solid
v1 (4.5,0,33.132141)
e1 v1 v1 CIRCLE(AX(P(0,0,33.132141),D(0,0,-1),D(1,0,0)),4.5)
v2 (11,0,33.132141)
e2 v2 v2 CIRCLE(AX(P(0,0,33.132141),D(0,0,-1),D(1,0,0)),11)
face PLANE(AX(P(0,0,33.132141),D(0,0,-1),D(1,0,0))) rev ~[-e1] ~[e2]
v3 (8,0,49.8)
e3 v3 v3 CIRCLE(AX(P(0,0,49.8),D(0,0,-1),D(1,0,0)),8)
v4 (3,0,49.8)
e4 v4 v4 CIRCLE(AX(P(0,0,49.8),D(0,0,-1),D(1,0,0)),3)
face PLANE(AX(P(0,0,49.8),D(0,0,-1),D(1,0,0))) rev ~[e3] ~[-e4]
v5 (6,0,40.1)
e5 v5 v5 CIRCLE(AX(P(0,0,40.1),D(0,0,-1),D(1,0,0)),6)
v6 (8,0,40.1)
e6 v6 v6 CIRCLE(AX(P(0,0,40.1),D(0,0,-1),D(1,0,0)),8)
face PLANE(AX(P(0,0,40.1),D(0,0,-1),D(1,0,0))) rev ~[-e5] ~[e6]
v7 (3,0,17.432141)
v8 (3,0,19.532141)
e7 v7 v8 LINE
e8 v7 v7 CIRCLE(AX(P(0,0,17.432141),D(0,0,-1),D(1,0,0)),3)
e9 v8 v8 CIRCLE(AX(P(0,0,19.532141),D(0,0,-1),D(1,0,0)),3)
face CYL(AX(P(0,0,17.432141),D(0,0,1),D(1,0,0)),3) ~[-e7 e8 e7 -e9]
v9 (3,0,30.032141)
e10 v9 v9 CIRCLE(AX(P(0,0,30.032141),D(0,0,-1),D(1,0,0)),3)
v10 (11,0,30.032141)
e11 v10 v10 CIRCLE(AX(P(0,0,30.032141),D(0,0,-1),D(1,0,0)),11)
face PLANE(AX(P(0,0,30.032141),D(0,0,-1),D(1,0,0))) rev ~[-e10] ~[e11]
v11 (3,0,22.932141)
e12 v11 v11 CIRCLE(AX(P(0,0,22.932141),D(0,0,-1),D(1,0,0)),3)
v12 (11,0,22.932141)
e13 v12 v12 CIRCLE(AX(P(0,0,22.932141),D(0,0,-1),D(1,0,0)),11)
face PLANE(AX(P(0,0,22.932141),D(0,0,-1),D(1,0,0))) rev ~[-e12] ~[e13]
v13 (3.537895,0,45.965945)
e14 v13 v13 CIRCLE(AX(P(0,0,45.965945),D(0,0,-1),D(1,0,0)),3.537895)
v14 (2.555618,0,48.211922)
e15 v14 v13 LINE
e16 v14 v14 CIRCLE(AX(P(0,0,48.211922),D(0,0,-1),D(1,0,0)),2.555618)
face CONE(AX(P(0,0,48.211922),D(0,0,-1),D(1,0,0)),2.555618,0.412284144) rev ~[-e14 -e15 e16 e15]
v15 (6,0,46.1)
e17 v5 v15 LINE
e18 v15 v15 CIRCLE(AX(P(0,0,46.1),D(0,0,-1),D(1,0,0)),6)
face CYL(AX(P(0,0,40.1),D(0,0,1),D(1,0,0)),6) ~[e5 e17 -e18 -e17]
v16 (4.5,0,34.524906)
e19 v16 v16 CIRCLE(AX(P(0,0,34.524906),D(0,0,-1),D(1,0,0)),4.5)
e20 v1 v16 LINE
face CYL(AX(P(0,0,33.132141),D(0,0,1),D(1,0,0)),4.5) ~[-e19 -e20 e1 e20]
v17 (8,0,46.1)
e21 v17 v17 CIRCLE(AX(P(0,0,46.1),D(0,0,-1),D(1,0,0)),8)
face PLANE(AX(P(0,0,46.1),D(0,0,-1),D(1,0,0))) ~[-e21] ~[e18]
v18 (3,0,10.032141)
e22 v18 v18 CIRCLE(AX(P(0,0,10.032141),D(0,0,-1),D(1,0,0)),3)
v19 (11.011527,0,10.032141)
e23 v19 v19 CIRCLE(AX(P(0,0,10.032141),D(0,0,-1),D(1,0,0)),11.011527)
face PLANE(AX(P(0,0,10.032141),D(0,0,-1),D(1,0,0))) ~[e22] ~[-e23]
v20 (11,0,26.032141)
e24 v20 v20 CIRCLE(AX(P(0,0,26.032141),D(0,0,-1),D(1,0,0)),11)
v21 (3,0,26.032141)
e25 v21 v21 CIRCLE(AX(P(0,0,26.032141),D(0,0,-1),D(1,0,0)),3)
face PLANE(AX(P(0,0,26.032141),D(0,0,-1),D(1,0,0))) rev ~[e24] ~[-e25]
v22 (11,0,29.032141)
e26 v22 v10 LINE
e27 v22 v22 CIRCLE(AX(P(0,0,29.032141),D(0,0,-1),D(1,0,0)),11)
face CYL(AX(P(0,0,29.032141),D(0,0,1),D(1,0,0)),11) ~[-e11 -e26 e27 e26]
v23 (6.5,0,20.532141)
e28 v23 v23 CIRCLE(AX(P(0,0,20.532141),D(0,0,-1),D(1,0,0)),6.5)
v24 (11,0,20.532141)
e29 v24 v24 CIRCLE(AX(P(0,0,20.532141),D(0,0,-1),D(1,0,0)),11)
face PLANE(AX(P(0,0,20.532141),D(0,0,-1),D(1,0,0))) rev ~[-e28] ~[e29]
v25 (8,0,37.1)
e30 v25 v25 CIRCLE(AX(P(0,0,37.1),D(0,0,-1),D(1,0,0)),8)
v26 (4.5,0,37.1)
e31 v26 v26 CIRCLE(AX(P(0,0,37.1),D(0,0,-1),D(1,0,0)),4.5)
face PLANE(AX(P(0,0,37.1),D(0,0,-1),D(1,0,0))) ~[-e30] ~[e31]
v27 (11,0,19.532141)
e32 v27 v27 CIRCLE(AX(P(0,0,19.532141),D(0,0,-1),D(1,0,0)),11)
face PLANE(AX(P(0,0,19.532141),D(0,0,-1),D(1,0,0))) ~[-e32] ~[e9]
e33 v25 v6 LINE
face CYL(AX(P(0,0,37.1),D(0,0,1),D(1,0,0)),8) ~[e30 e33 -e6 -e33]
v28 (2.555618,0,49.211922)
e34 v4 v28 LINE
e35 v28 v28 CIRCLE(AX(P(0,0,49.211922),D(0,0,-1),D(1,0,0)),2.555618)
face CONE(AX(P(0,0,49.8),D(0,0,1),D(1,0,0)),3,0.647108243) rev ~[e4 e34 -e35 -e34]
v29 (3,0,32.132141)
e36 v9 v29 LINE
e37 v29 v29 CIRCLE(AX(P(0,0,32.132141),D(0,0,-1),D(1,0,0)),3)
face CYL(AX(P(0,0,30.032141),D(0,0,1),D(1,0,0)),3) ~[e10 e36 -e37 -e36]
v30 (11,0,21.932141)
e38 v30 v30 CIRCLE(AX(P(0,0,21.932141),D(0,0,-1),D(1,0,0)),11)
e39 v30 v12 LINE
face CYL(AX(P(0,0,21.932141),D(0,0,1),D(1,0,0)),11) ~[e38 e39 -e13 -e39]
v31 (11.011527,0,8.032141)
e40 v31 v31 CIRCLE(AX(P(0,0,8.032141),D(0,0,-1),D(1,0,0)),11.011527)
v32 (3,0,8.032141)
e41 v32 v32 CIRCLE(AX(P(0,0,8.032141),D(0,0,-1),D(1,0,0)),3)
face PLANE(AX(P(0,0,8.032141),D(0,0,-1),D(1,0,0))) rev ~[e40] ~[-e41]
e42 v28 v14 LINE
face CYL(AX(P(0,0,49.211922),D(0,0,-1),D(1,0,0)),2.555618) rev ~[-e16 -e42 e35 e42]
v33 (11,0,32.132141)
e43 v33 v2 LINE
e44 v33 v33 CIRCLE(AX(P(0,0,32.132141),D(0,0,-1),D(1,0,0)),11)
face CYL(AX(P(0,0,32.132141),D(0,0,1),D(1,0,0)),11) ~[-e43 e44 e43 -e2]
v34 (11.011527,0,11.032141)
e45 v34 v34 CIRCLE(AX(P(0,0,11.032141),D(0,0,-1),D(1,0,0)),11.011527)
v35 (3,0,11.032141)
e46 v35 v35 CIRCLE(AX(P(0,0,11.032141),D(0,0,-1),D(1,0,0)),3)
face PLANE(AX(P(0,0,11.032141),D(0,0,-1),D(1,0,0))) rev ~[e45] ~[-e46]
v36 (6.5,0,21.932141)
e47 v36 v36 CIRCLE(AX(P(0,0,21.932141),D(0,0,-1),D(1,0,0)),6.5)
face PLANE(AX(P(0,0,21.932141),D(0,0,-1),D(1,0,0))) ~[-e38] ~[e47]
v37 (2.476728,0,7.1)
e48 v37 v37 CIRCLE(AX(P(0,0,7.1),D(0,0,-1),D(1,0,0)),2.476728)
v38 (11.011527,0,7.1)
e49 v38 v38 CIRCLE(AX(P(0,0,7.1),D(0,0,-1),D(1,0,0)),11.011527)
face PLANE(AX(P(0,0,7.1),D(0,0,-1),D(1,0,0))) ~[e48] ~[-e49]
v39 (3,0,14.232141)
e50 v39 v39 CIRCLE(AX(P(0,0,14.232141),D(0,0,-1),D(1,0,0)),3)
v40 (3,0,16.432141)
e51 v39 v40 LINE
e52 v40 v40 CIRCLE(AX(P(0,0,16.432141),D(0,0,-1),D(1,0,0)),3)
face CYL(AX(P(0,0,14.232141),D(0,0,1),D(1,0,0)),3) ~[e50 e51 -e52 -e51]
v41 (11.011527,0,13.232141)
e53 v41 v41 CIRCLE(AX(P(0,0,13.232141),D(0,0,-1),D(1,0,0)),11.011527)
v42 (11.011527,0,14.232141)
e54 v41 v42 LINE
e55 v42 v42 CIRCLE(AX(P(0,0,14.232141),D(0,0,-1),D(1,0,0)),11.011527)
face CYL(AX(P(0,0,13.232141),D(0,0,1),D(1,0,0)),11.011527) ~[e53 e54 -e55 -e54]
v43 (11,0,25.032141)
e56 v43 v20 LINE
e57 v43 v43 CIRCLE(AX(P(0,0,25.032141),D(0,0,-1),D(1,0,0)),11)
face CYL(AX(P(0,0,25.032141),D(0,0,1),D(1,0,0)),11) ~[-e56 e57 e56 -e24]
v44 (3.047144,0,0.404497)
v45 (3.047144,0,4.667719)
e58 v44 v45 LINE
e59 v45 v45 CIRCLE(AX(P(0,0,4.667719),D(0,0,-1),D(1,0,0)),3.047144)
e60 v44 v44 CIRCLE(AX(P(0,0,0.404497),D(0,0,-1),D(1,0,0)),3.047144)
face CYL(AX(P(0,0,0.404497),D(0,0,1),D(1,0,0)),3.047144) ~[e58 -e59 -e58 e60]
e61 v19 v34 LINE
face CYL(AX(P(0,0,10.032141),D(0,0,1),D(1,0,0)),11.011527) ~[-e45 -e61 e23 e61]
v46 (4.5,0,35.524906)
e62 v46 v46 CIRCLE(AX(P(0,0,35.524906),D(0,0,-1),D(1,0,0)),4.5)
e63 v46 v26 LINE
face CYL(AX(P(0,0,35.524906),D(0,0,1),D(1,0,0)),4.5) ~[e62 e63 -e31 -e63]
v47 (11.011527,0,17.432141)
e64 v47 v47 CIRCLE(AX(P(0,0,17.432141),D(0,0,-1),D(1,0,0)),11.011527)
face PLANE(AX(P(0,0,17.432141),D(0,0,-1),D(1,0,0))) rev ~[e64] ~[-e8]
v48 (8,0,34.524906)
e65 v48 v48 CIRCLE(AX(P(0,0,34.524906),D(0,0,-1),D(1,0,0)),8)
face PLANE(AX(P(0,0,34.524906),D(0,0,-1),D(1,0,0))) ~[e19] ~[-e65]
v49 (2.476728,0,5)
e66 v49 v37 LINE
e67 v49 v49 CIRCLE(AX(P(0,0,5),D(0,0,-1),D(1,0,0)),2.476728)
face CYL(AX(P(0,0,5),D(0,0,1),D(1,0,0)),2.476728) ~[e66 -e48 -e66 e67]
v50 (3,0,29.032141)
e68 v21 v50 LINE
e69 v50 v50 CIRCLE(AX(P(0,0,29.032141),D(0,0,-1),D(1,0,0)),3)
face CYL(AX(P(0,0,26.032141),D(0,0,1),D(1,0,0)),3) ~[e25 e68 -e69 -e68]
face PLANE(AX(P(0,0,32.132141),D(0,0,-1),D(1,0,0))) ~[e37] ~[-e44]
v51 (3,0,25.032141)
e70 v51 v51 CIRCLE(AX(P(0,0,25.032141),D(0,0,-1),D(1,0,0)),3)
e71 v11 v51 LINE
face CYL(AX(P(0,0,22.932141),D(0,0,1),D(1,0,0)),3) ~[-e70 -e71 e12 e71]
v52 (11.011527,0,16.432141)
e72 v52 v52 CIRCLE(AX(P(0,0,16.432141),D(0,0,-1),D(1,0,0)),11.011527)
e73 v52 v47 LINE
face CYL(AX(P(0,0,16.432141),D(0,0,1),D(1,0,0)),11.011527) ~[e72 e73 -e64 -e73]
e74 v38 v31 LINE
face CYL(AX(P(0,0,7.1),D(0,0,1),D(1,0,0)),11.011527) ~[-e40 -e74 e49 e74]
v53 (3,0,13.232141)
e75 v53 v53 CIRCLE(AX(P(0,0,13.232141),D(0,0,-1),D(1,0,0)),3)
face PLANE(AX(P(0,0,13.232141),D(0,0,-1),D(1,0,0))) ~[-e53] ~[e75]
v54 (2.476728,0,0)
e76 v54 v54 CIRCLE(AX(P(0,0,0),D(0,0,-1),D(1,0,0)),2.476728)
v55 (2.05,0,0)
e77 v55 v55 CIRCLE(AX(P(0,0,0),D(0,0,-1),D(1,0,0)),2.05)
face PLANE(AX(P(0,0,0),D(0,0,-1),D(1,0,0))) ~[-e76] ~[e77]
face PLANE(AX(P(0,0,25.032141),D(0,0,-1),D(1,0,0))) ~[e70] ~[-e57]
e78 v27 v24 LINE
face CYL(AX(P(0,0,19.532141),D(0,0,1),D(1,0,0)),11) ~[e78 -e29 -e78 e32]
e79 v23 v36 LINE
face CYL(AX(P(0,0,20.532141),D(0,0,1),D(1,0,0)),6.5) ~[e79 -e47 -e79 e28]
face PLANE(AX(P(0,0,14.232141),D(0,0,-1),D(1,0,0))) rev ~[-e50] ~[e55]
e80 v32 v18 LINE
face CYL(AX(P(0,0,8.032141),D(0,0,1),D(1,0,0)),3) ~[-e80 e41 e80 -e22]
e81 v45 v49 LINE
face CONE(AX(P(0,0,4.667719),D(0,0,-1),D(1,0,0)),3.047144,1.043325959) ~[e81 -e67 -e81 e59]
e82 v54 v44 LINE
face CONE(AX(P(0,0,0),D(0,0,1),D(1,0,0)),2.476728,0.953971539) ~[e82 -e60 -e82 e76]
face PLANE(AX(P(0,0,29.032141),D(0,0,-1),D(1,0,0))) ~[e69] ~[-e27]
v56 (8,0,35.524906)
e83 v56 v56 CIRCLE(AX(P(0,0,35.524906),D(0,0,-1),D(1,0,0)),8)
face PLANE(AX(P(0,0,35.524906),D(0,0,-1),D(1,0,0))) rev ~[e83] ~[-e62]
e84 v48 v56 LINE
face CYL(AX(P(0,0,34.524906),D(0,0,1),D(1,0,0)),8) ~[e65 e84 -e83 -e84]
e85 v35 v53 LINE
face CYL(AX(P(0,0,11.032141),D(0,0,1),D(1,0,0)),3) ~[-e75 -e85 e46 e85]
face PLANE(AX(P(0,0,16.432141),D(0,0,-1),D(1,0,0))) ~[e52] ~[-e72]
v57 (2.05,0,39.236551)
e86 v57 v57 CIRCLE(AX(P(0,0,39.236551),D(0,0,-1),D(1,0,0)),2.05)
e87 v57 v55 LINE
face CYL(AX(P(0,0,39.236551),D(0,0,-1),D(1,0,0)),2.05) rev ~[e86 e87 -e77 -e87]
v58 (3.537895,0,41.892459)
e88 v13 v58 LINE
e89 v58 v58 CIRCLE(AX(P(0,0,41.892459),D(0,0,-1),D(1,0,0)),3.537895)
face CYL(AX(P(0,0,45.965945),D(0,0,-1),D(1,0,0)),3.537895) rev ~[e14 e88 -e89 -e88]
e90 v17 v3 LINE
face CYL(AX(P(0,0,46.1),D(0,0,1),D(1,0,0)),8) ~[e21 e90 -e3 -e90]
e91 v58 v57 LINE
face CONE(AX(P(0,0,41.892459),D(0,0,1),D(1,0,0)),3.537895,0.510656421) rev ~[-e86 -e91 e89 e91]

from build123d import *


with BuildPart() as f1:
    # F0 (on Front) → F1 (revolve)
    with BuildSketch(Plane.XZ):
        Polygon((8, 49.8), (3, 49.8), (2.555618, 49.211922), (2.555618, 48.211922), (3.537895, 45.965945), (3.537895, 41.892459), (2.05, 39.236551), (2.05, 7.1), (2.05, 0), (2.476728, 0), (3.047144, 0.404497), (3.047144, 4.667719), (2.476728, 5), (2.476728, 7.1), (11.011527, 7.1), (11.011527, 8.032141), (3, 8.032141), (3, 10.032141), (11.011527, 10.032141), (11.011527, 11.032141), (3, 11.032141), (3, 13.232141), (11.011527, 13.232141), (11.011527, 14.232141), (3, 14.232141), (3, 16.432141), (11.011527, 16.432141), (11.011527, 17.432141), (3, 17.432141), (3, 19.532141), (11, 19.532141), (11, 20.532141), (6.5, 20.532141), (6.5, 21.932141), (11, 21.932141), (11, 22.932141), (3, 22.932141), (3, 25.032141), (11, 25.032141), (11, 26.032141), (3, 26.032141), (3, 29.032141), (11, 29.032141), (11, 30.032141), (3, 30.032141), (3, 32.132141), (11, 32.132141), (11, 33.132141), (4.5, 33.132141), (4.5, 34.524906), (8, 34.524906), (8, 35.524906), (4.5, 35.524906), (4.5, 37.1), (8, 37.1), (8, 40.1), (6, 40.1), (6, 46.1), (8, 46.1), align=None)
    revolve(axis=Axis((0, 0, 18.136091), (0, 0, -1)))


solid = f1.part
